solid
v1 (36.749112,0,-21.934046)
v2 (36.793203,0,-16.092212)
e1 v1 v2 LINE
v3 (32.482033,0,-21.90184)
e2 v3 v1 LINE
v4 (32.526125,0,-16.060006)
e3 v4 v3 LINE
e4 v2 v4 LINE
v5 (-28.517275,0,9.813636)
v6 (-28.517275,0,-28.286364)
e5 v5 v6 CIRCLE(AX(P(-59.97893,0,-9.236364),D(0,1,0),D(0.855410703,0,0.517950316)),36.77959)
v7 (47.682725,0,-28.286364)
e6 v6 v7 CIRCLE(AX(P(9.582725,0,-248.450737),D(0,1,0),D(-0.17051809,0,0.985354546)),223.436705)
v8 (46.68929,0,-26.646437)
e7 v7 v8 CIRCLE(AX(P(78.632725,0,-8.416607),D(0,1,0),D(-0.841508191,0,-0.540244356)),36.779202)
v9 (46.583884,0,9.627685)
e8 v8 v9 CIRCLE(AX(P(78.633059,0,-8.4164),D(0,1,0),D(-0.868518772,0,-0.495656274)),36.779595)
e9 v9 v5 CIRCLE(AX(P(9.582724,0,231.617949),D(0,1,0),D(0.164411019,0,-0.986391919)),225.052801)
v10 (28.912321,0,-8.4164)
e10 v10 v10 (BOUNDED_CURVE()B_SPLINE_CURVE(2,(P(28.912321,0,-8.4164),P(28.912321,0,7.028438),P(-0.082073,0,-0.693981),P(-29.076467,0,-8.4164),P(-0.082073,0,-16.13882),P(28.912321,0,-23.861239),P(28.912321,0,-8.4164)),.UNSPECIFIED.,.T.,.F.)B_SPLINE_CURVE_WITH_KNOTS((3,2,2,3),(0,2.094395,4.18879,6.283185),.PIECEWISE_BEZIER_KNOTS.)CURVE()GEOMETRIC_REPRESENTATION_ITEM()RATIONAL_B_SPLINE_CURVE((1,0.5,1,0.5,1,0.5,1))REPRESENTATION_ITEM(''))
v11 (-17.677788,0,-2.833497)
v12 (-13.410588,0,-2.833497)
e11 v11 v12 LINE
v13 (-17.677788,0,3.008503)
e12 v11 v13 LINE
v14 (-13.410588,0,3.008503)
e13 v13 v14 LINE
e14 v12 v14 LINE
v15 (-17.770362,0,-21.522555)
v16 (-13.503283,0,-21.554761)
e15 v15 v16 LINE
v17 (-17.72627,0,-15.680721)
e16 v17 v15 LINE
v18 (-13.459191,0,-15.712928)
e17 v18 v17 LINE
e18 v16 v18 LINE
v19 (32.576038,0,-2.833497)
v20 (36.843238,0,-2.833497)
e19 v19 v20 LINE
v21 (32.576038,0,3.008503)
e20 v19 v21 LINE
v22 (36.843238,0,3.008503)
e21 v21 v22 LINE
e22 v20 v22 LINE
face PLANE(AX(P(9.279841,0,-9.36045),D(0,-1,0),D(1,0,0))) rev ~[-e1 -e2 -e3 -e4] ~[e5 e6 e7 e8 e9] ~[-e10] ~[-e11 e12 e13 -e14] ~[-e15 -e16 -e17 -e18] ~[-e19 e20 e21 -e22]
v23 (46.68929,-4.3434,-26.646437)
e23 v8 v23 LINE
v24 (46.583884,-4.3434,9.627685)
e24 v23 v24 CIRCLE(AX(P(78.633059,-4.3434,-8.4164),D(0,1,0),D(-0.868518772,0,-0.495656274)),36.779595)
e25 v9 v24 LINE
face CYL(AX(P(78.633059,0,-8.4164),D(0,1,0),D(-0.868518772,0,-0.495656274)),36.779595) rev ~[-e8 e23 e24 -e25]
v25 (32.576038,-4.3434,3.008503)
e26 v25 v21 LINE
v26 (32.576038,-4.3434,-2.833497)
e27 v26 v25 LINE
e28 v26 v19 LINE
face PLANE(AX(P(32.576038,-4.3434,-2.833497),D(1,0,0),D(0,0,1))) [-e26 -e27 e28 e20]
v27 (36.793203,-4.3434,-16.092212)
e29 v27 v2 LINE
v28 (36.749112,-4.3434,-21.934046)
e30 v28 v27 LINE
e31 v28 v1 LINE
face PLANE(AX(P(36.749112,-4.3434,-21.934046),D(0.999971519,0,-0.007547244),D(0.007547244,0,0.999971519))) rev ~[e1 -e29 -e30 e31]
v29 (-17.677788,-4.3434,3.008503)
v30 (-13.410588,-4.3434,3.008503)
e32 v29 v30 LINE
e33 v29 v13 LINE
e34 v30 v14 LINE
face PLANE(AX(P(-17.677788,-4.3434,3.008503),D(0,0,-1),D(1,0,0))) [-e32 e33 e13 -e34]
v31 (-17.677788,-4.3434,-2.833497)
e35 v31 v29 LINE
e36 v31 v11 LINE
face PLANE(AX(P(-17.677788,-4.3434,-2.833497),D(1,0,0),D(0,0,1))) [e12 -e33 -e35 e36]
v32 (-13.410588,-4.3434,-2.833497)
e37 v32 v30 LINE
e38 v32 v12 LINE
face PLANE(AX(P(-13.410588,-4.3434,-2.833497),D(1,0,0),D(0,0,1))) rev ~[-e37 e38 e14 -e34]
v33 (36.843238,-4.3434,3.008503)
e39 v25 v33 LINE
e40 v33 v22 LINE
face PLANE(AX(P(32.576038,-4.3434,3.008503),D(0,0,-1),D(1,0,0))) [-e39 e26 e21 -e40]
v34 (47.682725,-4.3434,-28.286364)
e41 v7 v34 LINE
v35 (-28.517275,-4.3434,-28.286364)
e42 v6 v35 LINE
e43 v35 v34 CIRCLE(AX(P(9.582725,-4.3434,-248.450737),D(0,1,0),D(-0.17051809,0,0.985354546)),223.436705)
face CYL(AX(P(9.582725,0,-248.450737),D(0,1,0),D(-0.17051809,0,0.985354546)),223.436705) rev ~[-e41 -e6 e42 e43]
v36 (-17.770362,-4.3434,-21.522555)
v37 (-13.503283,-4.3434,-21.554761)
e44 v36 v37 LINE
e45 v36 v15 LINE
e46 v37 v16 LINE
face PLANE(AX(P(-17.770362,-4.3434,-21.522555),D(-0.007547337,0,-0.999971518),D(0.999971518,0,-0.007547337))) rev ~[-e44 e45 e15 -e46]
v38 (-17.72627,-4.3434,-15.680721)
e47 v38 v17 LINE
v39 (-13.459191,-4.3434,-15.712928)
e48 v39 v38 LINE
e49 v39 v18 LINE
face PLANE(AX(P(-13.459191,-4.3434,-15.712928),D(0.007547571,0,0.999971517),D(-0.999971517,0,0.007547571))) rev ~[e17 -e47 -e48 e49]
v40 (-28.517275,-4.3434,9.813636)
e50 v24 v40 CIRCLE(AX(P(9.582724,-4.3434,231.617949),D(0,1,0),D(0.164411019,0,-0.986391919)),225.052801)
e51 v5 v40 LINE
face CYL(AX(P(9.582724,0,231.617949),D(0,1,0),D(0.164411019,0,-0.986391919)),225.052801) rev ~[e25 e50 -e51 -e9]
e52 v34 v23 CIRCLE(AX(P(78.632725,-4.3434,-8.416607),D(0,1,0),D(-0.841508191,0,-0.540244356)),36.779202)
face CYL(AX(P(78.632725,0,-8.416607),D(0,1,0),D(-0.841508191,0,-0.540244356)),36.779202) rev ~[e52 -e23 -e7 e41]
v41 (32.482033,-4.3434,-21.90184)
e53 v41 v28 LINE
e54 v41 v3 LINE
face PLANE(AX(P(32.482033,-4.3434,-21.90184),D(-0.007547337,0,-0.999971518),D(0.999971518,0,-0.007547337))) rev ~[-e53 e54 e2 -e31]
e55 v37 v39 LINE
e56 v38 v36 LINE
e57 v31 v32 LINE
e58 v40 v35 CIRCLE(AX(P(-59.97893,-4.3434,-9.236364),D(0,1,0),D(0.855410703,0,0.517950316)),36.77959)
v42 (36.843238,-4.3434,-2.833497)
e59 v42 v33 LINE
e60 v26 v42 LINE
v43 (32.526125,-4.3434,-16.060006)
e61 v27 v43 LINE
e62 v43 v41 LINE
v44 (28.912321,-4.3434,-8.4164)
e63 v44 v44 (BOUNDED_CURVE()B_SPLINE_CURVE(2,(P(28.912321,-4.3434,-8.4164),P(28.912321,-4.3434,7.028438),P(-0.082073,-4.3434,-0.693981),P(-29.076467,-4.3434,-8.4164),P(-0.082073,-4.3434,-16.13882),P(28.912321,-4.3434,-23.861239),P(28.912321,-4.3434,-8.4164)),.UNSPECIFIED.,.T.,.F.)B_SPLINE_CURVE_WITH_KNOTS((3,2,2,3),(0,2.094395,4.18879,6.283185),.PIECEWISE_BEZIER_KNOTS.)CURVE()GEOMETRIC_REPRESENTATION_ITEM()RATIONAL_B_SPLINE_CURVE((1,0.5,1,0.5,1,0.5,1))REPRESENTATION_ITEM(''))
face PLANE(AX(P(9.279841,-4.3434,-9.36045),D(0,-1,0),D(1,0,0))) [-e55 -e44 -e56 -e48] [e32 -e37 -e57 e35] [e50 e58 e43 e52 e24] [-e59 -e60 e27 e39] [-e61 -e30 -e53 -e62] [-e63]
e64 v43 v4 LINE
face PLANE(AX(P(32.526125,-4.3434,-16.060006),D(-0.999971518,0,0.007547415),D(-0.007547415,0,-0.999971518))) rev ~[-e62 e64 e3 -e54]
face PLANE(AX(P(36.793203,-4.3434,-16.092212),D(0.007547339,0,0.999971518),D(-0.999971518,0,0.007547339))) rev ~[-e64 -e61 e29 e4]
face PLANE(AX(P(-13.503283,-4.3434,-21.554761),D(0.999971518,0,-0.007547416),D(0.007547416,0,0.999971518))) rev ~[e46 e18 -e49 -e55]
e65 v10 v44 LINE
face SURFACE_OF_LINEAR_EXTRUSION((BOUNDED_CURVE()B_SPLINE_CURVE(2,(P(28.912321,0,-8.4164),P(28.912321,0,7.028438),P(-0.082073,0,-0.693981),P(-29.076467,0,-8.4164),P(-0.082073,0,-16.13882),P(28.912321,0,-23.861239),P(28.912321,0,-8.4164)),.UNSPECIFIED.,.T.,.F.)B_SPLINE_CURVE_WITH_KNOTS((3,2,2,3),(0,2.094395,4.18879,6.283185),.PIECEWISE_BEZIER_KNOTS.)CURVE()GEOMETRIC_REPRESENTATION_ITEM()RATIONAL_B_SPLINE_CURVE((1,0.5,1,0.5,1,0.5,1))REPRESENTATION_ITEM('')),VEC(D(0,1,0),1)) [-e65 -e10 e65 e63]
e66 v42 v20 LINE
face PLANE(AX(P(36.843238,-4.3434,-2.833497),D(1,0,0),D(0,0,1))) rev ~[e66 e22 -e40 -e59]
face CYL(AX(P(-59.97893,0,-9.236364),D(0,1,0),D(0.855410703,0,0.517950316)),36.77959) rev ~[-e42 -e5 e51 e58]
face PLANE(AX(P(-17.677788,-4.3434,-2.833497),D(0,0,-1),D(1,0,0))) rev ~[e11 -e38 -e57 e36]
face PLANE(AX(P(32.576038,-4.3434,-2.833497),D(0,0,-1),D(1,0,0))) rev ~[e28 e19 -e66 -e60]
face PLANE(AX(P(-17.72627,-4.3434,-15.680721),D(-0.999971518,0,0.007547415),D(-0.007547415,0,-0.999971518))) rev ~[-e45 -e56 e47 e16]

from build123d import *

# Parameters (mm, degrees)
F1_DEPTH = 4.3434
F2_W     = 4.2672
F2_H     = 5.842
F3_DEPTH = 4.3444


with BuildPart() as f1:
    # F0 (on Front) → F1 (new body)
    with BuildSketch(Plane.XZ):
        with BuildLine():
            ThreePointArc((-28.517275, 9.813636), (-23.19934, -9.236364), (-28.517275, -28.286364))
            ThreePointArc((-28.517275, -28.286364), (9.582725, -25.014032), (47.682725, -28.286364))
            ThreePointArc((47.682725, -28.286364), (47.175319, -27.472875), (46.68929, -26.646437))
            ThreePointArc((46.68929, -26.646437), (41.853619, -8.523275), (46.583884, 9.627685))
            ThreePointArc((46.583884, 9.627685), (9.025493, 6.565838), (-28.517275, 9.813636))
        make_face()
        with BuildLine():
            add(Edge.make_bspline(
                [(28.912321, -8.4164), (28.912321, 7.028438), (-0.082073, -0.693981), (-29.076467, -8.4164), (-0.082073, -16.13882), (28.912321, -23.861239), (28.912321, -8.4164)],
                knots=[0, 0, 0, 2.094395, 2.094395, 4.18879, 4.18879, 6.283185, 6.283185, 6.283185], degree=2, weights=[1, 0.5, 1, 0.5, 1, 0.5, 1]))
        make_face(mode=Mode.SUBTRACT)
    extrude(amount=F1_DEPTH)

    # F2 (on face) → F3 (cut, through all)
    with BuildSketch(Plane.XZ.offset(4.3434)):
        with Locations((-15.544188, 0.087503)):
            Rectangle(F2_W, F2_H)
        with Locations((34.709638, 0.087503)):
            Rectangle(F2_W, F2_H)
        Polygon((-13.459191, -15.712928), (-17.72627, -15.680721), (-17.770362, -21.522555), (-13.503283, -21.554761), align=None)
        Polygon((36.749112, -21.934046), (36.793203, -16.092212), (32.526125, -16.060006), (32.482033, -21.90184), align=None)
    extrude(amount=-F3_DEPTH, mode=Mode.SUBTRACT)


solid = f1.part
